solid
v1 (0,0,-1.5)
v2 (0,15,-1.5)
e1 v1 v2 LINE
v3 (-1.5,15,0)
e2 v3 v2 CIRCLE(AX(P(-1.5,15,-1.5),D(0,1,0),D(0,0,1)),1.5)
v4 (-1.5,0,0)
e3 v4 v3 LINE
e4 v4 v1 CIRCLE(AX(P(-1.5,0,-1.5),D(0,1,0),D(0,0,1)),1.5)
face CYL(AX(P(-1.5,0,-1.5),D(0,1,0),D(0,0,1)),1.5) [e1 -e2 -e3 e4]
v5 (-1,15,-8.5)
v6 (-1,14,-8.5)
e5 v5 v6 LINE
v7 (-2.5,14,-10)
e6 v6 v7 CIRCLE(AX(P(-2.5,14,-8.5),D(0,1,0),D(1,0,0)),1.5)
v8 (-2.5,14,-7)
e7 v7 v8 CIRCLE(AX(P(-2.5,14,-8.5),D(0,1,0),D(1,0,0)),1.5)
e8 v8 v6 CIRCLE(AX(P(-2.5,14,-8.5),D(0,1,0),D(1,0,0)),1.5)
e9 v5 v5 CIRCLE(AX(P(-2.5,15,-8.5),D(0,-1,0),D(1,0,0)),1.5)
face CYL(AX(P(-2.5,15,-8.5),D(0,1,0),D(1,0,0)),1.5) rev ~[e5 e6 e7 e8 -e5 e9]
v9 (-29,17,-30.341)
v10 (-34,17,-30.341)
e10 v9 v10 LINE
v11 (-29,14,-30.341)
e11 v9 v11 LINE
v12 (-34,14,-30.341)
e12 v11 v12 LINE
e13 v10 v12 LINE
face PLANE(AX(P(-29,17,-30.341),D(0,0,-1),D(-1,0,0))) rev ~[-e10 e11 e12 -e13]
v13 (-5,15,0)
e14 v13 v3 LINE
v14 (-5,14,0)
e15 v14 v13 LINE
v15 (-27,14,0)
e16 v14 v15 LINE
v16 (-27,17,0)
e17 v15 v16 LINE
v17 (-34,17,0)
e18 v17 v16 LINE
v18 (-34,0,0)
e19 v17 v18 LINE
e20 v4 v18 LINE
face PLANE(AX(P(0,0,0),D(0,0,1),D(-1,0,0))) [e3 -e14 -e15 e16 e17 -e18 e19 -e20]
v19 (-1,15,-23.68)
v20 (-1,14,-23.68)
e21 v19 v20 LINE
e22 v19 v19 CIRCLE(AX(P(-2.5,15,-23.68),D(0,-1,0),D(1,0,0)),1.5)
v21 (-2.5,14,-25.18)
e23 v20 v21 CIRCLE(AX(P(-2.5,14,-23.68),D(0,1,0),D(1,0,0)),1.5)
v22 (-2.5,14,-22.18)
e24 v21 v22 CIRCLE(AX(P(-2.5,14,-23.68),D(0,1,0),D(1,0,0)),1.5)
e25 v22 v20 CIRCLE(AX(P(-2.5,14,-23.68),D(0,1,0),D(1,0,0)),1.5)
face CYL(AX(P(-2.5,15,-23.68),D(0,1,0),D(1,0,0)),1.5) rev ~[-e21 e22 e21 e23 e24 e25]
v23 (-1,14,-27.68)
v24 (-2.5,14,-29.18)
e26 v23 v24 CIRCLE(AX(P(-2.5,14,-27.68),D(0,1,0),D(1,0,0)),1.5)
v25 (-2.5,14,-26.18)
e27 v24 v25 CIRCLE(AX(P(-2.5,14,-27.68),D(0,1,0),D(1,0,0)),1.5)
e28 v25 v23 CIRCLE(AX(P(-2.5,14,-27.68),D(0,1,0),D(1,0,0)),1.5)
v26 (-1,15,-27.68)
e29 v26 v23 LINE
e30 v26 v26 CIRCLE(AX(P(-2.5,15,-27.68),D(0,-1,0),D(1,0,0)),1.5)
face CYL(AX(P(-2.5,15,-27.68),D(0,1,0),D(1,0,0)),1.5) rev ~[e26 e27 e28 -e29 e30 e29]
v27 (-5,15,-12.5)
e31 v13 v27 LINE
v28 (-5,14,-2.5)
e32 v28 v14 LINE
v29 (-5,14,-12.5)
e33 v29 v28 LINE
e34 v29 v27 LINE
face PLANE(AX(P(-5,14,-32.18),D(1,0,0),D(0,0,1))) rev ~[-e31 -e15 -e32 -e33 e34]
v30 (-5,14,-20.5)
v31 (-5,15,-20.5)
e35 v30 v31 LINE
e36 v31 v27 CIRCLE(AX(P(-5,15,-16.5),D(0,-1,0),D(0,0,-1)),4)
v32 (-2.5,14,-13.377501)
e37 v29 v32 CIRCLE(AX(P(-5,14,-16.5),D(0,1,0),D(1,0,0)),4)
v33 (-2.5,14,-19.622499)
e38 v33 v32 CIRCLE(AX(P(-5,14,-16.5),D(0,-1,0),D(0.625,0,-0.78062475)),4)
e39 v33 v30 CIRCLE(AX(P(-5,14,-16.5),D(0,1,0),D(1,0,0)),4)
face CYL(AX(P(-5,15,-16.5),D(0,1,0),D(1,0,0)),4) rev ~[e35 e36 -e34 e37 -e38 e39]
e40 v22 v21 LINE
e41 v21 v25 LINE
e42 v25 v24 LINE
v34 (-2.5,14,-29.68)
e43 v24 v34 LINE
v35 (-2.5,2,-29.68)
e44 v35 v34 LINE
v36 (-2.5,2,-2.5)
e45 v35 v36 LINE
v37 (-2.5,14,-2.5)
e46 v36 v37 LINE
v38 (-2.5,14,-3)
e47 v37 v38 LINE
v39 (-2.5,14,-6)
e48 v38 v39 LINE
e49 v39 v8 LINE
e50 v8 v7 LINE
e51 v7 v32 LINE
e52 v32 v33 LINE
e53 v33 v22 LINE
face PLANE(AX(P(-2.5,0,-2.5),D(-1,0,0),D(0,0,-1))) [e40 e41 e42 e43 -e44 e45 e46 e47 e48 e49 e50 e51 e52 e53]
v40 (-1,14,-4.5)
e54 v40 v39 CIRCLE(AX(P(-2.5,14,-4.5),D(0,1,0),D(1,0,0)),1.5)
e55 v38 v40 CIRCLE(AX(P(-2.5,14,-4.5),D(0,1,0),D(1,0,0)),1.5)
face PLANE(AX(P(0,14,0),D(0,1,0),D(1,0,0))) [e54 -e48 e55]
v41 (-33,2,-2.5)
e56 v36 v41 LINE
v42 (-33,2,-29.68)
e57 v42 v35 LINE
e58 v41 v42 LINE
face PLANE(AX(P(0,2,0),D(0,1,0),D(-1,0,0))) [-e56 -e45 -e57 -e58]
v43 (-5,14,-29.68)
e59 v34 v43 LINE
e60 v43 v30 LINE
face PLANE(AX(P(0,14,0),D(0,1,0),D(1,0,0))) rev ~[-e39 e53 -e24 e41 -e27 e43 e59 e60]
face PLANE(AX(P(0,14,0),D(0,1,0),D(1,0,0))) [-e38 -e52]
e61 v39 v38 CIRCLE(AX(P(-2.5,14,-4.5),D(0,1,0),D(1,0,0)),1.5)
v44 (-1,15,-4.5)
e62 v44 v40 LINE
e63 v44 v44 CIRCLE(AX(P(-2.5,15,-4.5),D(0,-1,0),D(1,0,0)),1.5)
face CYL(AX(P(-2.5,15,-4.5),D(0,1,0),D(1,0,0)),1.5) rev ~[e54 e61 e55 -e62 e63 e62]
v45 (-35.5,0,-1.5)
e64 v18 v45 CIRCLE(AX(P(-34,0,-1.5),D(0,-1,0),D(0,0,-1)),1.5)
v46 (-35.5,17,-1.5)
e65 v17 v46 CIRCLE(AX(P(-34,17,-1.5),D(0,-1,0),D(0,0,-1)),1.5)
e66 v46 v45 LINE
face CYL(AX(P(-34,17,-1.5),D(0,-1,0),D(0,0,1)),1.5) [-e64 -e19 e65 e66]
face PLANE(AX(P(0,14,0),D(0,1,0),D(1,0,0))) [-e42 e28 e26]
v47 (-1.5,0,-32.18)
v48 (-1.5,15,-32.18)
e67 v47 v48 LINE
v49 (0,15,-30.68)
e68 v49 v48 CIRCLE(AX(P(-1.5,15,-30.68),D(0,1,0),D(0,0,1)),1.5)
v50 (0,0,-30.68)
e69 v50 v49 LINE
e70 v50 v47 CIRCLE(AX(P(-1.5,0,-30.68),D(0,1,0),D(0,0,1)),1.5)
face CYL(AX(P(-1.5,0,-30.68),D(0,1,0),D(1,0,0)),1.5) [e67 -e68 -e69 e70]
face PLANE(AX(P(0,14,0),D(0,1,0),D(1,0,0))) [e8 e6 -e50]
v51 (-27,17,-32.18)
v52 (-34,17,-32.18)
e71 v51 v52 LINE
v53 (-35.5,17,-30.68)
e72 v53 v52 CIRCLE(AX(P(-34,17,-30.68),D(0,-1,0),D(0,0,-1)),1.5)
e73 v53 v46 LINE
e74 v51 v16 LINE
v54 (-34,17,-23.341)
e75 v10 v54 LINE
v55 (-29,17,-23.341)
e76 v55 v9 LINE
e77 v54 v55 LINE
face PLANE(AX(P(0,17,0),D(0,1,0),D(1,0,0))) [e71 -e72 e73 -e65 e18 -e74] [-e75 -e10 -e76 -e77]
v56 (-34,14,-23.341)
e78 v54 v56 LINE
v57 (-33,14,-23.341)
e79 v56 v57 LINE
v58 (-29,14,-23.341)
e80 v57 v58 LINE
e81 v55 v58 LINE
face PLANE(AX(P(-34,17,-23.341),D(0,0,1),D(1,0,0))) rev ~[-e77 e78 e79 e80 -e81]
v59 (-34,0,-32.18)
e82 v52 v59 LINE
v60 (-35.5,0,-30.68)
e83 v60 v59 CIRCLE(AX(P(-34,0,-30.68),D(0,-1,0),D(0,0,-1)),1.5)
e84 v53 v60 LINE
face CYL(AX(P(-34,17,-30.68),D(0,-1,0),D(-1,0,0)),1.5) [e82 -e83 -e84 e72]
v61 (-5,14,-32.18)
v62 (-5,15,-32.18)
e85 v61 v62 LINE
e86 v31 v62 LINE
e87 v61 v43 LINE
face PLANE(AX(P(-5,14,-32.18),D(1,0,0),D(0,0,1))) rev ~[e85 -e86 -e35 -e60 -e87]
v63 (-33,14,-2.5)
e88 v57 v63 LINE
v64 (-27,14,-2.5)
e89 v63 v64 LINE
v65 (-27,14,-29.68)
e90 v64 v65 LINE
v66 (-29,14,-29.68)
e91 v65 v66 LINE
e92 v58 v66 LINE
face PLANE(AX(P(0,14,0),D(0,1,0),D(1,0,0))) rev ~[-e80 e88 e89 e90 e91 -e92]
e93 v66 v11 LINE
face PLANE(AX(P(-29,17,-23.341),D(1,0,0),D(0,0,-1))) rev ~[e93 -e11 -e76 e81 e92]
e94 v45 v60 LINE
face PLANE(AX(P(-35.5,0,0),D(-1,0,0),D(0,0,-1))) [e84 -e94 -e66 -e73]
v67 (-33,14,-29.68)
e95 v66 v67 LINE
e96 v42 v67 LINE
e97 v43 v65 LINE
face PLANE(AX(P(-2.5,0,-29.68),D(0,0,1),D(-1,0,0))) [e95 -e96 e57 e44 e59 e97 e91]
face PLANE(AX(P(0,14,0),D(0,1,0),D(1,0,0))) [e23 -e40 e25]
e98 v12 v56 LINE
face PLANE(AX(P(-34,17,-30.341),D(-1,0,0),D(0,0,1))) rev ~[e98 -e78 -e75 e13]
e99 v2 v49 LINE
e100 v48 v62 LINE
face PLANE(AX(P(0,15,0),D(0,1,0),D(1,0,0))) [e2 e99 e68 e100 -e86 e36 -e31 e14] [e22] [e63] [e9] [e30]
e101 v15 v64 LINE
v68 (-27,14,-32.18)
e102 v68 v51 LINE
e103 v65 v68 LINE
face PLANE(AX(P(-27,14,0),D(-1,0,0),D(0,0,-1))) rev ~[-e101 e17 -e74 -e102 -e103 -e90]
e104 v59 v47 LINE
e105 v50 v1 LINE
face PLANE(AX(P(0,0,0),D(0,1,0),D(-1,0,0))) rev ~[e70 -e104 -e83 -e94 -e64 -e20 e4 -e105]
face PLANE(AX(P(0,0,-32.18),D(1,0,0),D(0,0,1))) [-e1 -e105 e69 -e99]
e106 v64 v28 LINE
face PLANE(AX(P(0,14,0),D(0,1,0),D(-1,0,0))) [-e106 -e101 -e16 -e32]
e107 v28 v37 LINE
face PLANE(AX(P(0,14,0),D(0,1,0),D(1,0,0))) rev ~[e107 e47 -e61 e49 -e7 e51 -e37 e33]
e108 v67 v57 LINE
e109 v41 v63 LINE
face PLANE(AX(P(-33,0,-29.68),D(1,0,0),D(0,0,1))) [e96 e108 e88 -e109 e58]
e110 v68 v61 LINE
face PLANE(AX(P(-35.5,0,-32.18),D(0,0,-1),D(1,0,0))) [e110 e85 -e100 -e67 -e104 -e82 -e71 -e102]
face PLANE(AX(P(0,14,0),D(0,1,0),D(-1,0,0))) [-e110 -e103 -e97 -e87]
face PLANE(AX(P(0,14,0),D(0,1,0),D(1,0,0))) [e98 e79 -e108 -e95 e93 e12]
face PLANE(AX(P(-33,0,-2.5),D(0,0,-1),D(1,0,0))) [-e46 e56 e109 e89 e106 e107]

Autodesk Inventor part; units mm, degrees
ref_plane "YZ Plane" through (0, 0, 0) normal (1, 0, 0) x (0, 1, 0)
ref_plane "XZ Plane" through (0, 0, 0) normal (0, 1, 0) x (-1, 0, 0)
ref_plane "XY Plane" through (0, 0, 0) normal (0, 0, 1) x (1, 0, 0)
sketch "Sketch1" plane through (0, 0, 0) normal (0, 1, 0) x (-1, 0, 0)
  line L0 (0, 0) -> (35.5, 0)
  line L1 (35.5, 0) -> (35.5, -32.18)
  line L2 (35.5, -32.18) -> (0, -32.18)
  line L3 (0, -32.18) -> (0, 0)
  line L4 (33, -2.5) -> (2.5, -2.5)
  line L5 (2.5, -2.5) -> (2.5, -29.68)
  line L6 (2.5, -29.68) -> (33, -29.68)
  line L7 (33, -29.68) -> (33, -2.5)
  dimension "d0" = 32.18
  dimension "d1" = 35.5
  dimension "d2" = 2.5
  dimension "d3" = 2.5
  dimension "d4" = 2.5
  dimension "d5" = 2.5
extrude "Extrusion1" add sketch "Sketch1" along normal blind 2 contours L0 L1 L2 L3 | L7 L6 L5 L4
extrude "Extrusion2" add sketch "Sketch1" along normal blind 14
sketch "Sketch2" plane through (0, 14, 0) normal (0, 1, 0) x (1, 0, 0)
  line L0 (-33, 2.5) -> (-33, 29.68) projected
  line L1 (-33, 29.68) -> (-2.5, 29.68) projected
  line L2 (-2.5, 29.68) -> (-2.5, 2.5) projected
  line L3 (-2.5, 2.5) -> (-33, 2.5) projected
  line L4 (-35.5, 0) -> (0, 0) projected
  line L5 (0, 0) -> (0, 32.18) projected
  line L6 (0, 32.18) -> (-35.5, 32.18) projected
  line L7 (-35.5, 32.18) -> (-35.5, 0) projected
  line L8 (-35.5, 0) -> (-35.5, 32.18) projected
  line L9 (0, 32.18) -> (-35.5, 32.18) projected
  line L10 (-35.5, 0) -> (-27, 0)
  line L11 (-27, 0) -> (-27, 32.18)
  line L12 (-27, 32.18) -> (-35.5, 32.18)
  line L13 (-35.5, 32.18) -> (-35.5, 0)
  dimension "d10" = 8.5
extrude "Extrusion3" add sketch "Sketch2" along normal blind 3 contours L3 L11 L4 L7 L6 L1 L0 | L0 L1 L11 L3
sketch "Sketch3" plane through (0, 17, 0) normal (0, 1, 0) x (1, 0, 0)
  line L0 (-35.5, 0) -> (-27, 0) projected
  line L1 (-27, 0) -> (-27, 32.18) projected
  line L2 (-27, 32.18) -> (-35.5, 32.18) projected
  line L3 (-35.5, 32.18) -> (-35.5, 0) projected
  line L4 (-34, 23.341) -> (-29, 23.341)
  line L5 (-29, 23.341) -> (-29, 30.341)
  line L6 (-29, 30.341) -> (-34, 30.341)
  line L7 (-34, 30.341) -> (-34, 23.341)
  point P0 (0, 0)
  dimension "d13" = 7
  dimension "d14" = 5
  dimension "d15" = 2
extrude "Extrusion4" cut sketch "Sketch3" against normal blind 3 contours L7 L6 L5 L4
sketch "Sketch4" plane through (0, 14, 0) normal (0, 1, 0) x (1, 0, 0)
  line L0 (-27, 32.18) -> (-27, 29.68) projected
  line L1 (-27, 29.68) -> (-2.5, 29.68) projected
  line L2 (-2.5, 29.68) -> (-2.5, 2.5) projected
  line L3 (-2.5, 2.5) -> (-27, 2.5) projected
  line L4 (-27, 2.5) -> (-27, 0) projected
  line L5 (-27, 0) -> (0, 0) projected
  line L6 (0, 0) -> (0, 32.18) projected
  line L7 (0, 32.18) -> (-27, 32.18) projected
  line L8 (0, 32.18) -> (0, 0) projected
  line L9 (0, 0) -> (-35.5, 0) projected
  line L10 (0, 32.18) -> (-5, 32.18)
  line L11 (-5, 32.18) -> (-5, 0)
  line L12 (-5, 0) -> (0, 0)
  line L13 (0, 0) -> (0, 32.18)
  dimension "d18" = 5
extrude "Extrusion5" add sketch "Sketch4" along normal blind 1 contours L7 L6 L5 L11 L3 L2 L1 | L1 L2 L3 L11
sketch "Sketch5" plane through (0, 15, 0) normal (0, 1, 0) x (1, 0, 0)
  line L0 (-5, 32.18) -> (-5, 0) projected
  line L1 (-5, 2.5) -> (-27, 2.5) projected
  line L2 (-5, 29.68) -> (-5, 2.5) projected
  circle A0 centre (-5, 16.5) radius 4
  line L3 (-2.5, 29.68) -> (-2.5, 2.5) projected
  circle A1 centre (-2.5, 27.68) radius 1.5
  circle A2 centre (-2.5, 23.68) radius 1.5
  circle A3 centre (-2.5, 8.5) radius 1.5
  circle A4 centre (-2.5, 4.5) radius 1.5
  line L4 (-5, 0) -> (0, 0) projected
  line L5 (0, 32.18) -> (-5, 32.18) projected
  dimension "d21" = 8
  dimension "d22" = 14
  dimension "d23" = 3
  dimension "d24" = 3
  dimension "d25" = 3
  dimension "d26" = 3
  dimension "d29" = 4.5
  dimension "d30" = 8.5
  dimension "d31" = 4.5
  dimension "d32" = 8.5
extrude "Extrusion6" cut sketch "Sketch5" against normal blind 1
fillet "Fillet1" radius 1.5 4 edges at (0, 7.5, -32.18) (-35.5, 8.5, -32.18) (-35.5, 8.5, 0) (0, 7.5, 0)
equation "\"d3\" = d2"
equation "\"d4\" = d2"
equation "\"d5\" = d2"
equation "\"d31\" = d29"
equation "\"d32\" = d30"
properties material "ABS Plastic"
